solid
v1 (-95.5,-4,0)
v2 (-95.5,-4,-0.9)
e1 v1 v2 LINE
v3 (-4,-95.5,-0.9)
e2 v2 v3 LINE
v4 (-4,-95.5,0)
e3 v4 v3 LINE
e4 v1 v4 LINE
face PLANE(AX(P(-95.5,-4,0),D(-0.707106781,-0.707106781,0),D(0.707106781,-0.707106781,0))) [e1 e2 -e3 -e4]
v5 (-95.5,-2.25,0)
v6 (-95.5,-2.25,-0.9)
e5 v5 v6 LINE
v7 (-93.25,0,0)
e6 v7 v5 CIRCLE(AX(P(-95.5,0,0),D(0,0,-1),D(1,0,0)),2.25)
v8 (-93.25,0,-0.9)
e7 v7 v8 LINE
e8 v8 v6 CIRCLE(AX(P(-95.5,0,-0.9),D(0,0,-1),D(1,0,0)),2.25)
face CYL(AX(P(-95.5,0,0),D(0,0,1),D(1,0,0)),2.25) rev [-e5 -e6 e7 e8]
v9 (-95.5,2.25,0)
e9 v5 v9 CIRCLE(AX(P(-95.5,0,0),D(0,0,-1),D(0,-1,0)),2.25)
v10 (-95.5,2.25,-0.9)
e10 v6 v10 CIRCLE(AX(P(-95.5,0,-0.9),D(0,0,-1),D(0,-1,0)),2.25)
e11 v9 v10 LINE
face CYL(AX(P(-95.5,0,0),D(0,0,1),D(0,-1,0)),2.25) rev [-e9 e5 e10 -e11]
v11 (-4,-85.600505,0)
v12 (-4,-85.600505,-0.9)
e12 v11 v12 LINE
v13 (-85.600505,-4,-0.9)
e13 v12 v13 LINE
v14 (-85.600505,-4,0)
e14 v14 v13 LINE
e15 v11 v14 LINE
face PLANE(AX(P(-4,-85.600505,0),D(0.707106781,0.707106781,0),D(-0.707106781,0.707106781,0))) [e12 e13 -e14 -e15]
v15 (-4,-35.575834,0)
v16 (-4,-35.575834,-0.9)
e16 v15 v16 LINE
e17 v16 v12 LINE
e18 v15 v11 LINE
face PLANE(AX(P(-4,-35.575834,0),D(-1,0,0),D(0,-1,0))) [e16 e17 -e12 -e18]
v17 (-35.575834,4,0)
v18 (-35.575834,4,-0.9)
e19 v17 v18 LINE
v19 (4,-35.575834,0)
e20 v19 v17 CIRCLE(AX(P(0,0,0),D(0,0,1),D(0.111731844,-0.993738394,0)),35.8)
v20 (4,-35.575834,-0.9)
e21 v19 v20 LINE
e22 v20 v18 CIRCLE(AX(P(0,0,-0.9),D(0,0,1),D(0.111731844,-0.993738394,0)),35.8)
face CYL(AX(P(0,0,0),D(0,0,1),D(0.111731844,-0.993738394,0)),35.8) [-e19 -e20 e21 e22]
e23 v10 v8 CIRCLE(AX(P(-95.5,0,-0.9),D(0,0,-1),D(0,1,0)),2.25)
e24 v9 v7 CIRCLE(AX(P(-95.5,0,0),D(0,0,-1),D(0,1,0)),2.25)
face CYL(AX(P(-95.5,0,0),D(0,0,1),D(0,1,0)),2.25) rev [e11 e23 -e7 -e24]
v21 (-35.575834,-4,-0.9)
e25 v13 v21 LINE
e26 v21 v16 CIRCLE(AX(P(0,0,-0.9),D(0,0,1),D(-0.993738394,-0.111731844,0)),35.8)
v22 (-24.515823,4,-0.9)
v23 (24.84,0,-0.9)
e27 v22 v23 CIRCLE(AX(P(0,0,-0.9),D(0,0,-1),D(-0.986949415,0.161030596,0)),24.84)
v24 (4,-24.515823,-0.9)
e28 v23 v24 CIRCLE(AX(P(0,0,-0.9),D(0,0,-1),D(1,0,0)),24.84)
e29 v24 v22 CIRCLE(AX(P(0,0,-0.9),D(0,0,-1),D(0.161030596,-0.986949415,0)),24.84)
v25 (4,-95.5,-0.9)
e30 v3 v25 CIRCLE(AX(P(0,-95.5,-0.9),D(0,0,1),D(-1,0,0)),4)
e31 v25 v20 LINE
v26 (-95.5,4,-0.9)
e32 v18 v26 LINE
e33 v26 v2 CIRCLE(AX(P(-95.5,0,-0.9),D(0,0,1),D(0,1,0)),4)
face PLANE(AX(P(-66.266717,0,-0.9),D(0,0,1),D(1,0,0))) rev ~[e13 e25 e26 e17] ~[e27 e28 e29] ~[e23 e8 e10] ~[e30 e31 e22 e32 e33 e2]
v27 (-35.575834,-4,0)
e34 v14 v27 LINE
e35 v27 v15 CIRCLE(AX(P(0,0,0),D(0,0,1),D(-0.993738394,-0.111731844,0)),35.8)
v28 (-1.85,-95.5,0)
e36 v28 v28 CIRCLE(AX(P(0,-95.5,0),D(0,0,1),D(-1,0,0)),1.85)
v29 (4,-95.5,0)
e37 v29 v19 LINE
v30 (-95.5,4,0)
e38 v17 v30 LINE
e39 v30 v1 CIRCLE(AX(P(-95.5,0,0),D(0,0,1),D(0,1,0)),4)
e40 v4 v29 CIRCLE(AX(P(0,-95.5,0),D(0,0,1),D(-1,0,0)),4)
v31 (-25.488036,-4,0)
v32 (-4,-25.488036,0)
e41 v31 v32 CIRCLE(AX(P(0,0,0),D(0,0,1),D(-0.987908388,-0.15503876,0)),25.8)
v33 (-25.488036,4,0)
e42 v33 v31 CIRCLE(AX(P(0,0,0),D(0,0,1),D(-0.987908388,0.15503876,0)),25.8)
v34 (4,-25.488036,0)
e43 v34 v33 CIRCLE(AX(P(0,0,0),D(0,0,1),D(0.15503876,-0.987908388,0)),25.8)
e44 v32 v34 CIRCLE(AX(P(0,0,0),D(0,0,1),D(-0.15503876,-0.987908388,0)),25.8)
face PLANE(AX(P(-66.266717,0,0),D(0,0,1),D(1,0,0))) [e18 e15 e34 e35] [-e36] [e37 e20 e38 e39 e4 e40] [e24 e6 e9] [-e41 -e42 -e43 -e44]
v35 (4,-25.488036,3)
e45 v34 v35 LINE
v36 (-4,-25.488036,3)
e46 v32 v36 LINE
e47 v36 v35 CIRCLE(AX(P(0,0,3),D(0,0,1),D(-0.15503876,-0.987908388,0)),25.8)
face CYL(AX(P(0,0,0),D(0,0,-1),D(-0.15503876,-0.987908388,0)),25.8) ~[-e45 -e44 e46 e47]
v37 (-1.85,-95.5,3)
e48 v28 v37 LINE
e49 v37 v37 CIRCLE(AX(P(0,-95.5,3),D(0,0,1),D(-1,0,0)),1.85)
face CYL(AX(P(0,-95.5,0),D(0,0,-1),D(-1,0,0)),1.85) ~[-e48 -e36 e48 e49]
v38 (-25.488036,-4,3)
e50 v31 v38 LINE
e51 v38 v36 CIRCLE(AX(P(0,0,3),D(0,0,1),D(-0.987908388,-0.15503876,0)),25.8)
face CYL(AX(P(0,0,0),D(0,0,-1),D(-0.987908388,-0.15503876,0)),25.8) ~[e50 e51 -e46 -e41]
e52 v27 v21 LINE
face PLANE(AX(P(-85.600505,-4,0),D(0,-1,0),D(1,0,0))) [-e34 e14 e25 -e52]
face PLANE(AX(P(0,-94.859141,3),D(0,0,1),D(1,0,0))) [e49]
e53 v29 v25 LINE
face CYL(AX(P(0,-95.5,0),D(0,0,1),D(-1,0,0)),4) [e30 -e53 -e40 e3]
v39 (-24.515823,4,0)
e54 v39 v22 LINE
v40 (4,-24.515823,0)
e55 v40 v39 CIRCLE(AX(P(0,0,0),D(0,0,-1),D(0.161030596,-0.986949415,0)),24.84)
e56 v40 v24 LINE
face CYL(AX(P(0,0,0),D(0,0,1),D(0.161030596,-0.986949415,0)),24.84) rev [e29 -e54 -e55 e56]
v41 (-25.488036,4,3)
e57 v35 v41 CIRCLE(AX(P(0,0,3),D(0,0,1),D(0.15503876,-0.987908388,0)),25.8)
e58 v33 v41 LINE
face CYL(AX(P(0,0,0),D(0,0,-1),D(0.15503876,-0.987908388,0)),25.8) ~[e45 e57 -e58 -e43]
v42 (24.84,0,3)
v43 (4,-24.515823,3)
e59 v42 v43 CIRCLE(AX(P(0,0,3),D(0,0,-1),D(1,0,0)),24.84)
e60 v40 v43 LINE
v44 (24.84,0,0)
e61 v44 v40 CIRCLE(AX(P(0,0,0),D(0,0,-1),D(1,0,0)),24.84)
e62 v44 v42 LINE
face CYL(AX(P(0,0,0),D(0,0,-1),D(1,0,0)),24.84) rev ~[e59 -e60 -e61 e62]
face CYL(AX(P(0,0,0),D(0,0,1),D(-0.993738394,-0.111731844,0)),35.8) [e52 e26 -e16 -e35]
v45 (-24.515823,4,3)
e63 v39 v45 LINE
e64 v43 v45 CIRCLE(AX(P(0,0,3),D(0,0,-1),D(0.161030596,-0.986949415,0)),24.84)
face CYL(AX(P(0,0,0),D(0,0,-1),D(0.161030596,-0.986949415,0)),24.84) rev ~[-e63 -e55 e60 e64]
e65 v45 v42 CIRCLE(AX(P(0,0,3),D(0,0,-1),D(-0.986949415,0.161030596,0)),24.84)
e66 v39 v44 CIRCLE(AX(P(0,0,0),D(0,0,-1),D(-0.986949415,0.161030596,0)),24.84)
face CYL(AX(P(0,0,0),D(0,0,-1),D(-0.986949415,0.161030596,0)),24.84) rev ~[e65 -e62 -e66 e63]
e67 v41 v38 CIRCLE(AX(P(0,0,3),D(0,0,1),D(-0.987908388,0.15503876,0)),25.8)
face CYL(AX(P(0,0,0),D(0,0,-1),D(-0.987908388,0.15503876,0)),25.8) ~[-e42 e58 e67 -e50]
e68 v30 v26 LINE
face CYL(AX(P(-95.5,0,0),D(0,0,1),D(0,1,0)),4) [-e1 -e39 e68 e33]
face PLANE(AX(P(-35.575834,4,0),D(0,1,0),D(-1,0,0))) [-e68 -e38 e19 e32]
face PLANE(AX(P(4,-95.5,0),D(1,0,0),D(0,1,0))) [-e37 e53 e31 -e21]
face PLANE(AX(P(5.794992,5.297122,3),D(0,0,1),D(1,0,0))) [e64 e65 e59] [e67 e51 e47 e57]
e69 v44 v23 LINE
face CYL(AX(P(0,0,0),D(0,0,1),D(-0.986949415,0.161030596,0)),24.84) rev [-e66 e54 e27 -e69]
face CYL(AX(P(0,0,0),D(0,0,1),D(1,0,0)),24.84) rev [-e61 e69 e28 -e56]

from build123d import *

# Parameters (mm, degrees)
F1_DEPTH = 0.9
F2_DEPTH = 3
F3_DEPTH = 3


with BuildPart() as f1:
    # F0 (on Top) → F1 (new body)
    with BuildSketch(Plane.XY):
        with BuildLine():
            Line((-35.5758344948, 4), (-95.5, 4))
            ThreePointArc((-95.5, 4), (-92.6715728753, 2.8284271247), (-91.5, 0))
            ThreePointArc((-91.5, 0), (-92.6715728753, -2.8284271247), (-95.5, -4))
            Line((-95.5, -4), (-85.6005050634, -4))
            Line((-85.6005050634, -4), (-35.5758344948, -4))
            ThreePointArc((-35.5758344948, -4), (-35.8, 0), (-35.5758344948, 4))
        make_face()
        with BuildLine():
            ThreePointArc((-95.5, 2.25), (-93.9090097423, 1.5909902577), (-93.25, 0))
            ThreePointArc((-93.25, 0), (-93.9090097423, -1.5909902577), (-95.5, -2.25))
            Line((-95.5, -2.25), (-95.5, -4))
            ThreePointArc((-95.5, -4), (-92.6715728753, -2.8284271247), (-91.5, 0))
            ThreePointArc((-91.5, 0), (-92.6715728753, 2.8284271247), (-95.5, 4))
            Line((-95.5, 4), (-95.5, 2.25))
        make_face()
        with BuildLine():
            ThreePointArc((-95.5, -2.25), (-97.75, 0), (-95.5, 2.25))
            Line((-95.5, 2.25), (-95.5, 4))
            ThreePointArc((-95.5, 4), (-99.5, 0), (-95.5, -4))
            Line((-95.5, -4), (-95.5, -2.25))
        make_face()
        Polygon((-85.6005050634, -4), (-95.5, -4), (-4, -95.5), (-4, -85.6005050634), align=None)
        with BuildLine():
            Line((-1.85, -95.5), (-4, -95.5))
            ThreePointArc((-4, -95.5), (0, -99.5), (4, -95.5))
            Line((4, -95.5), (1.85, -95.5))
            ThreePointArc((1.85, -95.5), (0, -97.35), (-1.85, -95.5))
        make_face()
        with BuildLine():
            ThreePointArc((4, -95.5), (0, -91.5), (-4, -95.5))
            Line((-4, -95.5), (-1.85, -95.5))
            ThreePointArc((-1.85, -95.5), (0, -93.65), (1.85, -95.5))
            Line((1.85, -95.5), (4, -95.5))
        make_face()
        with BuildLine():
            Line((1.85, -95.5), (-1.85, -95.5))
            ThreePointArc((-1.85, -95.5), (0, -97.35), (1.85, -95.5))
        make_face()
        with BuildLine():
            ThreePointArc((1.85, -95.5), (0, -93.65), (-1.85, -95.5))
            Line((-1.85, -95.5), (1.85, -95.5))
        make_face()
        with BuildLine():
            Line((-4, -85.6005050634), (-4, -95.5))
            ThreePointArc((-4, -95.5), (0, -91.5), (4, -95.5))
            Line((4, -95.5), (4, -35.5758344948))
            ThreePointArc((4, -35.5758344948), (0, -35.8), (-4, -35.5758344948))
            Line((-4, -35.5758344948), (-4, -85.6005050634))
        make_face()
        with BuildLine():
            Line((-25.4880364093, -4), (-35.5758344948, -4))
            ThreePointArc((-35.5758344948, -4), (-25.3144227665, -25.3144227665), (-4, -35.5758344948))
            Line((-4, -35.5758344948), (-4, -25.4880364093))
            ThreePointArc((-4, -25.4880364093), (-18.2433549546, -18.2433549546), (-25.4880364093, -4))
        make_face()
        with BuildLine():
            Line((-25.4880364093, 4), (-35.5758344948, 4))
            ThreePointArc((-35.5758344948, 4), (-35.8, 0), (-35.5758344948, -4))
            Line((-35.5758344948, -4), (-25.4880364093, -4))
            ThreePointArc((-25.4880364093, -4), (-25.8, 0), (-25.4880364093, 4))
        make_face()
        with BuildLine():
            ThreePointArc((35.8, 0), (2.0031381738, 35.7439146913), (-35.5758344948, 4))
            Line((-35.5758344948, 4), (-25.4880364093, 4))
            ThreePointArc((-25.4880364093, 4), (2.0060733587, 25.7218908652), (25.8, 0))
            ThreePointArc((25.8, 0), (19.6066315312, -16.7696153802), (4, -25.4880364093))
            Line((4, -25.4880364093), (4, -35.5758344948))
            ThreePointArc((4, -35.5758344948), (26.6911970507, -23.858331878), (35.8, 0))
        make_face()
        with BuildLine():
            ThreePointArc((-4, -35.5758344948), (0, -35.8), (4, -35.5758344948))
            Line((4, -35.5758344948), (4, -25.4880364093))
            ThreePointArc((4, -25.4880364093), (0, -25.8), (-4, -25.4880364093))
            Line((-4, -25.4880364093), (-4, -35.5758344948))
        make_face()
        with BuildLine():
            Line((-24.5158234616, -4), (-25.4880364093, -4))
            ThreePointArc((-25.4880364093, -4), (-18.2433549546, -18.2433549546), (-4, -25.4880364093))
            Line((-4, -25.4880364093), (-4, -24.5158234616))
            ThreePointArc((-4, -24.5158234616), (-17.5645324447, -17.5645324447), (-24.5158234616, -4))
        make_face()
        with BuildLine():
            Line((-24.5158234616, 4), (-25.4880364093, 4))
            ThreePointArc((-25.4880364093, 4), (-25.8, 0), (-25.4880364093, -4))
            Line((-25.4880364093, -4), (-24.5158234616, -4))
            ThreePointArc((-24.5158234616, -4), (-24.84, 0), (-24.5158234616, 4))
        make_face()
        with BuildLine():
            ThreePointArc((25.8, 0), (2.0060733587, 25.7218908652), (-25.4880364093, 4))
            Line((-25.4880364093, 4), (-24.5158234616, 4))
            ThreePointArc((-24.5158234616, 4), (2.0065574019, 24.7588232231), (24.84, 0))
            ThreePointArc((24.84, 0), (18.925982141, -16.0882814496), (4, -24.5158234616))
            Line((4, -24.5158234616), (4, -25.4880364093))
            ThreePointArc((4, -25.4880364093), (19.6066315312, -16.7696153802), (25.8, 0))
        make_face()
        with BuildLine():
            ThreePointArc((-4, -25.4880364093), (0, -25.8), (4, -25.4880364093))
            Line((4, -25.4880364093), (4, -24.5158234616))
            ThreePointArc((4, -24.5158234616), (0, -24.84), (-4, -24.5158234616))
            Line((-4, -24.5158234616), (-4, -25.4880364093))
        make_face()
    extrude(amount=-F1_DEPTH)

    # F0 (on Top) → F2 (join)
    with BuildSketch(Plane.XY):
        with BuildLine():
            ThreePointArc((25.8, 0), (2.0060733587, 25.7218908652), (-25.4880364093, 4))
            Line((-25.4880364093, 4), (-24.5158234616, 4))
            ThreePointArc((-24.5158234616, 4), (2.0065574019, 24.7588232231), (24.84, 0))
            ThreePointArc((24.84, 0), (18.925982141, -16.0882814496), (4, -24.5158234616))
            Line((4, -24.5158234616), (4, -25.4880364093))
            ThreePointArc((4, -25.4880364093), (19.6066315312, -16.7696153802), (25.8, 0))
        make_face()
        with BuildLine():
            Line((-24.5158234616, 4), (-25.4880364093, 4))
            ThreePointArc((-25.4880364093, 4), (-25.8, 0), (-25.4880364093, -4))
            Line((-25.4880364093, -4), (-24.5158234616, -4))
            ThreePointArc((-24.5158234616, -4), (-24.84, 0), (-24.5158234616, 4))
        make_face()
        with BuildLine():
            Line((-24.5158234616, -4), (-25.4880364093, -4))
            ThreePointArc((-25.4880364093, -4), (-18.2433549546, -18.2433549546), (-4, -25.4880364093))
            Line((-4, -25.4880364093), (-4, -24.5158234616))
            ThreePointArc((-4, -24.5158234616), (-17.5645324447, -17.5645324447), (-24.5158234616, -4))
        make_face()
        with BuildLine():
            ThreePointArc((-4, -25.4880364093), (0, -25.8), (4, -25.4880364093))
            Line((4, -25.4880364093), (4, -24.5158234616))
            ThreePointArc((4, -24.5158234616), (0, -24.84), (-4, -24.5158234616))
            Line((-4, -24.5158234616), (-4, -25.4880364093))
        make_face()
    extrude(amount=F2_DEPTH)

    # F0 (on Top) → F3 (join)
    with BuildSketch(Plane.XY):
        with BuildLine():
            ThreePointArc((1.85, -95.5), (0, -93.65), (-1.85, -95.5))
            Line((-1.85, -95.5), (1.85, -95.5))
        make_face()
        with BuildLine():
            Line((1.85, -95.5), (-1.85, -95.5))
            ThreePointArc((-1.85, -95.5), (0, -97.35), (1.85, -95.5))
        make_face()
    extrude(amount=F3_DEPTH)


solid = f1.part
